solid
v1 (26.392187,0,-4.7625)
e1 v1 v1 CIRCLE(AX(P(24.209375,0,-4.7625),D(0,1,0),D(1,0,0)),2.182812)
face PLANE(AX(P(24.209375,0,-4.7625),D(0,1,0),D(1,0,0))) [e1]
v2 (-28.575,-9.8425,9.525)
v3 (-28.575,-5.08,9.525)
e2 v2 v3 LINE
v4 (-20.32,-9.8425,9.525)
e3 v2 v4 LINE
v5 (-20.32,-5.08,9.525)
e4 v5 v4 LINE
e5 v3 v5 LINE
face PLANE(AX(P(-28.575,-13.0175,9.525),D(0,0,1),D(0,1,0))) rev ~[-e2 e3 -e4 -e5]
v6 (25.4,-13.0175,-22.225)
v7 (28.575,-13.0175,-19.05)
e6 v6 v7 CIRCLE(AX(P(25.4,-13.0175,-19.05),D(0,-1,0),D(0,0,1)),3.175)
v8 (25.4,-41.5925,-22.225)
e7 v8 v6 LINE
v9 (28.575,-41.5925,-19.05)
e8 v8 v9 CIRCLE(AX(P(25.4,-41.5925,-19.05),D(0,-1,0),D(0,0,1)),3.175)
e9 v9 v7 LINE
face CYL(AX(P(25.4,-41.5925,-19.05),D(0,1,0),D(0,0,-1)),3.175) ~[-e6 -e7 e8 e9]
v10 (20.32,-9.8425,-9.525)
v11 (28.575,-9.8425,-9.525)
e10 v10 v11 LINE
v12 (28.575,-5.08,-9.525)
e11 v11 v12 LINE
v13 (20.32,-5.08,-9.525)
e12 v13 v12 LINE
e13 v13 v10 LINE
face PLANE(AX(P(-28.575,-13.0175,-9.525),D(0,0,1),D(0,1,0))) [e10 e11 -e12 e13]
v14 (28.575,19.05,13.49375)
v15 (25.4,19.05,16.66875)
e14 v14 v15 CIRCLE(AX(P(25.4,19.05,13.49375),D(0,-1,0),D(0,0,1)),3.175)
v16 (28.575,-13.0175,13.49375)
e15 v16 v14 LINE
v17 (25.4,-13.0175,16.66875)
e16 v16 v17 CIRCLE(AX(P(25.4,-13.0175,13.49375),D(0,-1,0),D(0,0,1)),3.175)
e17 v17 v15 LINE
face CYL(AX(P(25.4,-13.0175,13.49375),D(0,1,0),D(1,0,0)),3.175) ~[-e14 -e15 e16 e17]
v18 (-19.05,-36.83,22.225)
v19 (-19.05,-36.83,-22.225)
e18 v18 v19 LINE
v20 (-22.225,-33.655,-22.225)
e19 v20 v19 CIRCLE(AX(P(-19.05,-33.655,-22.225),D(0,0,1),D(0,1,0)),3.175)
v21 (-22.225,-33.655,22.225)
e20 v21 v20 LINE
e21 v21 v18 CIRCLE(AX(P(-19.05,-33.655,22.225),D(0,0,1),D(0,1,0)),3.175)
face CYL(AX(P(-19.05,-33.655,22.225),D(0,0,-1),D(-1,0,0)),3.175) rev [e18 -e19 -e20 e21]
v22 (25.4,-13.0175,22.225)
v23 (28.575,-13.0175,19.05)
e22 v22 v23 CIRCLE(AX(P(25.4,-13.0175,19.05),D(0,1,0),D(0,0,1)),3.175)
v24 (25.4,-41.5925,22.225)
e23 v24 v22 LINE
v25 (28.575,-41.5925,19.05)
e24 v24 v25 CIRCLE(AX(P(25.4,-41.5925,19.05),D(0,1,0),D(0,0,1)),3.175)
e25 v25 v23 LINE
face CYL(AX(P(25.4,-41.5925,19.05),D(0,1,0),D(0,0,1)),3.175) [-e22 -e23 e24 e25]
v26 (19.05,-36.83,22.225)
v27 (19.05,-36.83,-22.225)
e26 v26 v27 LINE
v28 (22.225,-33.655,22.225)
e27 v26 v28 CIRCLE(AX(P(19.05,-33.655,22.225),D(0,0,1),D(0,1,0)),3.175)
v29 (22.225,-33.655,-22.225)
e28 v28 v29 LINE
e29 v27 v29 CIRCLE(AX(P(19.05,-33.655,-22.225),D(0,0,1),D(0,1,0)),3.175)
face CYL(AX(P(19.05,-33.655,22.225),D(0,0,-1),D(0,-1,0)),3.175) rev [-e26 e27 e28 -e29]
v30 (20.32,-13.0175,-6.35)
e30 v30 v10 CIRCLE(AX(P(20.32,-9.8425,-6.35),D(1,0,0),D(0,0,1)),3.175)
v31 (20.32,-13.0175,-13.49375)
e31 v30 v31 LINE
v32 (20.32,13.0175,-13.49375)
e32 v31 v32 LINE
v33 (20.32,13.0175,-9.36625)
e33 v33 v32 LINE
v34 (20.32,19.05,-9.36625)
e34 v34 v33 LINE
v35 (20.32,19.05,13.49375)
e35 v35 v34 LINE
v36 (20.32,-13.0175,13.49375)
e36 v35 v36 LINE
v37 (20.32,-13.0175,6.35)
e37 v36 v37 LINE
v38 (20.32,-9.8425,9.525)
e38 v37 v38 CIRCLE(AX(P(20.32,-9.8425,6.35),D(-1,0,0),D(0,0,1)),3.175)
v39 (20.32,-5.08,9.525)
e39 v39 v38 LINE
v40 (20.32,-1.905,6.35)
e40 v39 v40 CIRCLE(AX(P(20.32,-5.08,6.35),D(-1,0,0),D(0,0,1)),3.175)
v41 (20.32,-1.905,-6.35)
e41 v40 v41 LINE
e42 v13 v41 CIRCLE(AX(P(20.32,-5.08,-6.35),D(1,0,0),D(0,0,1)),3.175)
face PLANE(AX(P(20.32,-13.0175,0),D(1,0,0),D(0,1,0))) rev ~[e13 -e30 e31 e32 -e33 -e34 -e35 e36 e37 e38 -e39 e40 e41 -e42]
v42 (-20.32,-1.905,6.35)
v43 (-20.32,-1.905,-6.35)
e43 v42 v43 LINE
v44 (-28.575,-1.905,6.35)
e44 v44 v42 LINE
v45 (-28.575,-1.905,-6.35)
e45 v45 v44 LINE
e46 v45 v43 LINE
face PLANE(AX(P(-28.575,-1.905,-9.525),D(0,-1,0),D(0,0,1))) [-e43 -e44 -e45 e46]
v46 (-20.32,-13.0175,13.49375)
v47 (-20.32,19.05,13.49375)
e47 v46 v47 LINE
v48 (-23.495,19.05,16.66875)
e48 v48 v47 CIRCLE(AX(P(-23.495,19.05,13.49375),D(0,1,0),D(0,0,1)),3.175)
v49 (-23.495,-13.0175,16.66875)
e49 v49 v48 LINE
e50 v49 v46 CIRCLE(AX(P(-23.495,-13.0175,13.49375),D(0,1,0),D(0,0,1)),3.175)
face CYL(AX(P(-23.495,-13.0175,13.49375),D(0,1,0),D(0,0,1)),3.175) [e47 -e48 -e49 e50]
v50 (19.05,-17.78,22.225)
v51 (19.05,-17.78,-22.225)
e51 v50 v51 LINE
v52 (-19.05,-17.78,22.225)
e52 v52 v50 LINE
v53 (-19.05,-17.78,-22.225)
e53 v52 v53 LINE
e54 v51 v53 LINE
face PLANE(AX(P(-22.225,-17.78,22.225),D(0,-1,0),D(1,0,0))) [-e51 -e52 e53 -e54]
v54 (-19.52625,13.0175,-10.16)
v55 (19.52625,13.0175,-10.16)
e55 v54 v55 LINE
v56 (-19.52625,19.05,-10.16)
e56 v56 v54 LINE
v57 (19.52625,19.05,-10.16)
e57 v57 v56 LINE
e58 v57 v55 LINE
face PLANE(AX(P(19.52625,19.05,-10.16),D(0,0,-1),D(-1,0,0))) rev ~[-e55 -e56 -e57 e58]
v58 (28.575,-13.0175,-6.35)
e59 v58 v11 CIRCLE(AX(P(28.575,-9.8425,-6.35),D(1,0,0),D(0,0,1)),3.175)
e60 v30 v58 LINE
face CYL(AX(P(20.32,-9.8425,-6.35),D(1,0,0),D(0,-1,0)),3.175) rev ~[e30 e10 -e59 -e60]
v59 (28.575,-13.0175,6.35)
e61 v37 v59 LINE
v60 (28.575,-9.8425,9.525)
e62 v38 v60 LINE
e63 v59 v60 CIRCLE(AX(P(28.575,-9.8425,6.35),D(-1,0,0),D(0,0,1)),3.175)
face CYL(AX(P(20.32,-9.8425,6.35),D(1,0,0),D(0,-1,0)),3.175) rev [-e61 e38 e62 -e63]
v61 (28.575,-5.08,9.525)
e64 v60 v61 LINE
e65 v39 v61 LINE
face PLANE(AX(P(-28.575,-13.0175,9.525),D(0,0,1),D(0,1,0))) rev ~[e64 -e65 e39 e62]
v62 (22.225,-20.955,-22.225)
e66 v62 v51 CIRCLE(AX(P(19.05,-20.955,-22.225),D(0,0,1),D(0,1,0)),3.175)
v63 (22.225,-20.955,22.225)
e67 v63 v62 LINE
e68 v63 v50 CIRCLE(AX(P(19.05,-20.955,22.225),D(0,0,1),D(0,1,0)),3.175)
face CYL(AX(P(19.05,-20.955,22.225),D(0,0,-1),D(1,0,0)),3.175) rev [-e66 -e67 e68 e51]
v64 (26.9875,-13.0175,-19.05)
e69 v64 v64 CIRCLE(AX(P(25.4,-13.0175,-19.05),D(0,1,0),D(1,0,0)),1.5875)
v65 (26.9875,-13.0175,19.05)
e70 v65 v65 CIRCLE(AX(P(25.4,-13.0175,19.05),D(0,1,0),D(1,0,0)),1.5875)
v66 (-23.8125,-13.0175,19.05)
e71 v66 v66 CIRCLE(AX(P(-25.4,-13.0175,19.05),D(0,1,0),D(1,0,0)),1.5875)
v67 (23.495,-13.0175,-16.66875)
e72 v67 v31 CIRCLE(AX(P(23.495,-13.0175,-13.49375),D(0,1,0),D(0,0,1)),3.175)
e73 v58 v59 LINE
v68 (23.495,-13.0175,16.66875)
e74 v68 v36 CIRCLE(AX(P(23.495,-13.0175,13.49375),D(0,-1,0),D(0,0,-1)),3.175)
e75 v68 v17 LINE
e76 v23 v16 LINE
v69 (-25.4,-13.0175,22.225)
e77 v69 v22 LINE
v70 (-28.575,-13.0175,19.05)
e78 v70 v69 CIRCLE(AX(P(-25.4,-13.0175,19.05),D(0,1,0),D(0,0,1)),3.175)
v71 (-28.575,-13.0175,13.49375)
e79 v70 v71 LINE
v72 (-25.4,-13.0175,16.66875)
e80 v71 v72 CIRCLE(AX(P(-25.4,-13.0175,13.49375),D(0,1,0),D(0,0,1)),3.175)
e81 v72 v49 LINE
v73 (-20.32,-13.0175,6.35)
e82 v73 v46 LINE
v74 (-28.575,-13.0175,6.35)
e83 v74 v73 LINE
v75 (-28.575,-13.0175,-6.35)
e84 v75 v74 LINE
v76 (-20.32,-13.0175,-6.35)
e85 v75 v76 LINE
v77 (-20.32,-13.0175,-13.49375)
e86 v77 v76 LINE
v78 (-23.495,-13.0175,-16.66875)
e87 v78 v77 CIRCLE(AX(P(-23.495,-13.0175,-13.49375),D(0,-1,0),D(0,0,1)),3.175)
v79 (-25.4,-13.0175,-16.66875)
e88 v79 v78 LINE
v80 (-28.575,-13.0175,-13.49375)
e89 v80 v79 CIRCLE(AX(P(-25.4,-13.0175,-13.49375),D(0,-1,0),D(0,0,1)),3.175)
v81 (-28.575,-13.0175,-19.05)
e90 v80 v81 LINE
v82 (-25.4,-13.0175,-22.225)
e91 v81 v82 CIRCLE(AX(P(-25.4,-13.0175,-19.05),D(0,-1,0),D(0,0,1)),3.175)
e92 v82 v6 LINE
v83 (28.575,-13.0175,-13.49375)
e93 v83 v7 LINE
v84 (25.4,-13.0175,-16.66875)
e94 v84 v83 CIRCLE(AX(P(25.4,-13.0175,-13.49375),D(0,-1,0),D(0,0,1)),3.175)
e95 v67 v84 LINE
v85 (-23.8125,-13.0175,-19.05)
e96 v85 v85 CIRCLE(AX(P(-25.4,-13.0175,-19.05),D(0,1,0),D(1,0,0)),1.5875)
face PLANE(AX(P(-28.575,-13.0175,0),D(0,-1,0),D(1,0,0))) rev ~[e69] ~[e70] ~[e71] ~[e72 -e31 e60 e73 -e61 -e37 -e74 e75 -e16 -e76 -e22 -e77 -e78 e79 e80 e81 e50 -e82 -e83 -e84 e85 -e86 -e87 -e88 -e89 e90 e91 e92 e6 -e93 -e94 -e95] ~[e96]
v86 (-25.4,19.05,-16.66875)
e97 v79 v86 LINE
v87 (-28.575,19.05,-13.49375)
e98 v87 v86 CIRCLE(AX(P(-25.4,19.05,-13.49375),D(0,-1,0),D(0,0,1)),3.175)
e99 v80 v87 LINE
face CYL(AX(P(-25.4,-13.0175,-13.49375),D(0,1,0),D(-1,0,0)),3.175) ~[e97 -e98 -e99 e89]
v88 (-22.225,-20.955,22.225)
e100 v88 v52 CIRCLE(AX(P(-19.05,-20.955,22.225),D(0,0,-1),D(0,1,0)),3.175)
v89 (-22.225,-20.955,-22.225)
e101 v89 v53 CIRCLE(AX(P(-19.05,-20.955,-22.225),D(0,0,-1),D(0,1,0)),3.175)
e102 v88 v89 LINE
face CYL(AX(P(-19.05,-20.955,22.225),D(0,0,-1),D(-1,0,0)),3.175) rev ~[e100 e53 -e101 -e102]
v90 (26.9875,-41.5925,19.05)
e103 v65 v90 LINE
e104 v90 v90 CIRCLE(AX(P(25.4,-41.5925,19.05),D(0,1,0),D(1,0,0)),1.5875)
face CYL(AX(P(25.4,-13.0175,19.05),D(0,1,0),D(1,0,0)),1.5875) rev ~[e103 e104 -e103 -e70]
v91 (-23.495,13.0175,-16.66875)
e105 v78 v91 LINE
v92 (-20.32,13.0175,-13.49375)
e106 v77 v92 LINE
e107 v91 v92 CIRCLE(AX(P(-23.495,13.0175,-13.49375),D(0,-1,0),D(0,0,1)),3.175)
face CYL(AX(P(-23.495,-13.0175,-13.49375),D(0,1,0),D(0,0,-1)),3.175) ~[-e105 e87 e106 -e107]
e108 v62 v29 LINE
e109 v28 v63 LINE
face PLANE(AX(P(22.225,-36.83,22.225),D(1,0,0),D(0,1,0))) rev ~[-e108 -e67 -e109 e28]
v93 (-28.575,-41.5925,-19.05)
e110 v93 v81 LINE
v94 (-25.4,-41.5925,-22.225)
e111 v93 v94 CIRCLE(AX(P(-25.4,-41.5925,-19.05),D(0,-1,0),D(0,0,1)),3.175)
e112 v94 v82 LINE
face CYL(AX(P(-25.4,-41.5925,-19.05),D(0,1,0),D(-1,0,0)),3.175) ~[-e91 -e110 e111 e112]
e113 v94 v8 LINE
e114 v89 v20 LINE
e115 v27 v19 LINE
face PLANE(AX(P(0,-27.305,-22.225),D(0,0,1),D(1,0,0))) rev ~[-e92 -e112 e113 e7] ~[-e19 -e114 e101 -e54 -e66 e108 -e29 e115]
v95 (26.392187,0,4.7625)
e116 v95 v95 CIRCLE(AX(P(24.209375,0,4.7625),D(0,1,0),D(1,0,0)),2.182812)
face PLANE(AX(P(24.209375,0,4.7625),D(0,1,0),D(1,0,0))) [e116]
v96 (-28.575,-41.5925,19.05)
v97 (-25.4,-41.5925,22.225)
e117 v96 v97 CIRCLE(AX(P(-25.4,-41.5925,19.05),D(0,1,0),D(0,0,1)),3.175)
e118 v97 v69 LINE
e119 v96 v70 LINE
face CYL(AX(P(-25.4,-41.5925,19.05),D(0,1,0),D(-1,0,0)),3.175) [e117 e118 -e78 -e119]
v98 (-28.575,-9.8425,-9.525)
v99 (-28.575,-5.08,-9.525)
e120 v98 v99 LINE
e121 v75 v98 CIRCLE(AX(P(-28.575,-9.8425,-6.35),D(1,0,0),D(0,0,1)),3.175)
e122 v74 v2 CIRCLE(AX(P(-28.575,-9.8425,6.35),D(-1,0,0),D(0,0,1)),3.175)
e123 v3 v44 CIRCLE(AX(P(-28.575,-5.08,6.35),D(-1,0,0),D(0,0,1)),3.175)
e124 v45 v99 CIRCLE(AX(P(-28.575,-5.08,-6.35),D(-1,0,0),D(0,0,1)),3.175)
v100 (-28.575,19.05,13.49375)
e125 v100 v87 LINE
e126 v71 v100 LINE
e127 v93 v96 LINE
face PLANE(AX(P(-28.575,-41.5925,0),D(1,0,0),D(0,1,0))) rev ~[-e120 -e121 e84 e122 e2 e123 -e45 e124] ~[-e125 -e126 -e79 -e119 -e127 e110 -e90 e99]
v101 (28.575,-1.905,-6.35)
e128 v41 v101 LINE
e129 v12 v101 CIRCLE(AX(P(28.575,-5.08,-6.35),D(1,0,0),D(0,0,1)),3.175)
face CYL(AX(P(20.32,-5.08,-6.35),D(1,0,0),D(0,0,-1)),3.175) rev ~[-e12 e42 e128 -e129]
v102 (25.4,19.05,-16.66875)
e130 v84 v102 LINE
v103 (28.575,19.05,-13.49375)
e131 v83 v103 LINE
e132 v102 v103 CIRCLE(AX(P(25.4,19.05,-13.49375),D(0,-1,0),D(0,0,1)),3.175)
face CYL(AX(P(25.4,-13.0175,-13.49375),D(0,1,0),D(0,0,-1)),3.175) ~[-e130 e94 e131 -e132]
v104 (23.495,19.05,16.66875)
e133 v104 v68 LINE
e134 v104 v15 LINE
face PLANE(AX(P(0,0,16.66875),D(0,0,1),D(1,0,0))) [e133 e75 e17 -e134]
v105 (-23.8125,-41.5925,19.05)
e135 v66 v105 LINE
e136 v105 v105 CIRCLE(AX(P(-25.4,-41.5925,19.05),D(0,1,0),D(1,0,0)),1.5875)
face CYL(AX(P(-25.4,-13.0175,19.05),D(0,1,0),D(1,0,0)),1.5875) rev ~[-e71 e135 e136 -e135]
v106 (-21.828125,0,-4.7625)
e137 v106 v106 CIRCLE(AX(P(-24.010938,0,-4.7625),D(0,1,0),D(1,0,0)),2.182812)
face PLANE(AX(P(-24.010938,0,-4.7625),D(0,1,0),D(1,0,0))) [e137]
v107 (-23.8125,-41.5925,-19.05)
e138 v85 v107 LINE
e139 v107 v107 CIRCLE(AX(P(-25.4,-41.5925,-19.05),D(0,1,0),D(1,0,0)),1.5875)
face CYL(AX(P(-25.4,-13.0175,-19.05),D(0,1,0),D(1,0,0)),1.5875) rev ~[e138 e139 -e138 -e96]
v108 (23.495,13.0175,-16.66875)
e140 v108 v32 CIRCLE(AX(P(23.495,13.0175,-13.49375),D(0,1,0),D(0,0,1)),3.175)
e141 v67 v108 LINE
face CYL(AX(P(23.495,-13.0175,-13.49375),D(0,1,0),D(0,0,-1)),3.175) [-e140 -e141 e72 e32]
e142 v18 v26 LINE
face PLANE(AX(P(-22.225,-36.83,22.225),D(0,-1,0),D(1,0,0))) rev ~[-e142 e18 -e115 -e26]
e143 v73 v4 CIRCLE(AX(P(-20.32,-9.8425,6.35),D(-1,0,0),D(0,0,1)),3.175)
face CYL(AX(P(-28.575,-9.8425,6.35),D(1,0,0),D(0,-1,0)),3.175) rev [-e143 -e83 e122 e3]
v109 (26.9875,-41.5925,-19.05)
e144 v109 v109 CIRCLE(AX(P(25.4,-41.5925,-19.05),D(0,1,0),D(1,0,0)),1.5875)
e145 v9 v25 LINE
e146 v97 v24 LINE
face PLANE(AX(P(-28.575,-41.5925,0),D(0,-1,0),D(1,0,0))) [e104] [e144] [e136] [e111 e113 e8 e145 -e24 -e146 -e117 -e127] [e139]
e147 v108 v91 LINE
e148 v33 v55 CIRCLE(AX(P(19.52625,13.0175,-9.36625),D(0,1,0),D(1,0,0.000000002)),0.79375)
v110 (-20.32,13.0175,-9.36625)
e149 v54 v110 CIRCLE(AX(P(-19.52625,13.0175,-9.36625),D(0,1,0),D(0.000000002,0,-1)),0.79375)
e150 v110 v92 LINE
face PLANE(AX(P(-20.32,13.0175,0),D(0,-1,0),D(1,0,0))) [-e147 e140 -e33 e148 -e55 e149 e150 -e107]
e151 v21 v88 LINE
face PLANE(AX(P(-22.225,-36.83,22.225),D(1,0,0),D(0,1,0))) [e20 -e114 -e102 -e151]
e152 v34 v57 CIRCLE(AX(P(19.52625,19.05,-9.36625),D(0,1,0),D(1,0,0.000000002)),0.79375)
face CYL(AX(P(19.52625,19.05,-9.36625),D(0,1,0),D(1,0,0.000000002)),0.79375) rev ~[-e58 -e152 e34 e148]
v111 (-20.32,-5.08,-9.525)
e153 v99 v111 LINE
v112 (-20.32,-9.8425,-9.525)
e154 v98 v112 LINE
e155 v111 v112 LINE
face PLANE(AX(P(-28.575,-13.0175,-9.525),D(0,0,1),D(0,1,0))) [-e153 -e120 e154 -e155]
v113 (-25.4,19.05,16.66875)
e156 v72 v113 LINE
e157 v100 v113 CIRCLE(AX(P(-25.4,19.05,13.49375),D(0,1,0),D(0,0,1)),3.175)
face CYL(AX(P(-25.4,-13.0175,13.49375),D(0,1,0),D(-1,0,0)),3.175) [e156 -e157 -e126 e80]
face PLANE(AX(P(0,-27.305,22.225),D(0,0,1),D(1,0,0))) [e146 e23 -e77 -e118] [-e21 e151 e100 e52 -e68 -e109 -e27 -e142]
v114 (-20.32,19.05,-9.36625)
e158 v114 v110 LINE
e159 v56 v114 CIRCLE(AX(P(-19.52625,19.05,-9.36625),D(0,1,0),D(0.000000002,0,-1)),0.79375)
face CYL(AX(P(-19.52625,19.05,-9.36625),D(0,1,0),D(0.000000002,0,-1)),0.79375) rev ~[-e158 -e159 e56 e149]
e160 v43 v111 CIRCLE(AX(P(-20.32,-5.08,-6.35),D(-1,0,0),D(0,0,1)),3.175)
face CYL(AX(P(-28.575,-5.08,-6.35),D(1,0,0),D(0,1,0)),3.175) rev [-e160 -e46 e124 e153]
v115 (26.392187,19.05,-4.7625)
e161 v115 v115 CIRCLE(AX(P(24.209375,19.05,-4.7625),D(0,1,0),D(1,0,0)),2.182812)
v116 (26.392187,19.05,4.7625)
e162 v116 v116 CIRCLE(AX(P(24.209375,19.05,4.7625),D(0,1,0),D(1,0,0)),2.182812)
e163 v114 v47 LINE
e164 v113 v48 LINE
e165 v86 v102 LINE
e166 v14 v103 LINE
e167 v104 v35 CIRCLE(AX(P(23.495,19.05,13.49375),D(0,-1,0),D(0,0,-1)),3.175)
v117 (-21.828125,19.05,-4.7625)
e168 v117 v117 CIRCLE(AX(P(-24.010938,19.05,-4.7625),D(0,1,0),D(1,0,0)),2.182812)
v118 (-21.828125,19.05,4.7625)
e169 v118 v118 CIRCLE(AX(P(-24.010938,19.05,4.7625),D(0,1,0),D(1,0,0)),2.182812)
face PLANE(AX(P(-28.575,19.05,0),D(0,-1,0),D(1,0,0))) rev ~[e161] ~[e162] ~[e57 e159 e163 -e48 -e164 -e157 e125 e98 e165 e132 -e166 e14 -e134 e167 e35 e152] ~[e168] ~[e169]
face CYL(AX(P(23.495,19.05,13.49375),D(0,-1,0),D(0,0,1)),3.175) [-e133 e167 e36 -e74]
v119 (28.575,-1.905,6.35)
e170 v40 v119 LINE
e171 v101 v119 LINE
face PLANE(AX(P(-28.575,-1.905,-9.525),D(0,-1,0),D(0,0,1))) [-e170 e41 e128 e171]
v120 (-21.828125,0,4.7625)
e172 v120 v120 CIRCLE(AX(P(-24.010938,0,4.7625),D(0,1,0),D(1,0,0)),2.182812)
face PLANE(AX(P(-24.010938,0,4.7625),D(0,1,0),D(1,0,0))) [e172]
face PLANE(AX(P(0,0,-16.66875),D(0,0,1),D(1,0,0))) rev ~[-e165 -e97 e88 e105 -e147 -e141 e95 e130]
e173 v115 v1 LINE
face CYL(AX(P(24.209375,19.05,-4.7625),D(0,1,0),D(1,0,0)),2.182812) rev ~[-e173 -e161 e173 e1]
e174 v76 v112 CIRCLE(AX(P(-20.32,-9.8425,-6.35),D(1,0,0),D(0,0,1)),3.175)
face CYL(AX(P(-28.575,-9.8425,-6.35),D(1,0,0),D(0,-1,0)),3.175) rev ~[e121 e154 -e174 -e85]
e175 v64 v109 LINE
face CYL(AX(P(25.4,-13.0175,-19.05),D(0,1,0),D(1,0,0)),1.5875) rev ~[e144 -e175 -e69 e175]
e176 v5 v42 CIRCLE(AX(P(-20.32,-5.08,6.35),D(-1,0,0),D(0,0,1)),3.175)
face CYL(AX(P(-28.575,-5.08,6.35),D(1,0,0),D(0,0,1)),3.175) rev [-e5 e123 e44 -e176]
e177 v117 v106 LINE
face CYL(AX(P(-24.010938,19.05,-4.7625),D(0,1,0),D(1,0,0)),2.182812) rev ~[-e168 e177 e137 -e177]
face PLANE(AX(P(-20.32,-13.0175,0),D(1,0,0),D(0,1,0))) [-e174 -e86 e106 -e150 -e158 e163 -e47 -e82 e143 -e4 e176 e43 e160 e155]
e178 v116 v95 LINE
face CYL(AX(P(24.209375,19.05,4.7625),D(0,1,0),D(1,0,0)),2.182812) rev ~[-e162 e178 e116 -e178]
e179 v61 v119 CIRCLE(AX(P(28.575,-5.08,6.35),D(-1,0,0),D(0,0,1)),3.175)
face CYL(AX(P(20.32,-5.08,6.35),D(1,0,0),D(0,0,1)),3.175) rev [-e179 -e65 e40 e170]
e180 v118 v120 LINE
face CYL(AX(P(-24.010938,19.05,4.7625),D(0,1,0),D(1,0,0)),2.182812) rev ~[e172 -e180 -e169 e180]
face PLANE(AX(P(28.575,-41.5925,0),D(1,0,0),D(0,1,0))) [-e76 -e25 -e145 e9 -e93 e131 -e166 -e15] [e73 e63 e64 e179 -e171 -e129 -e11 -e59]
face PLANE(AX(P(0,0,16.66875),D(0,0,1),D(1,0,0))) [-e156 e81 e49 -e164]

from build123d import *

# Parameters (mm, degrees)
SKETCH1_W           = 57.15
SKETCH1_H           = 38.1
SKETCH1_W_2         = 40.64
SKETCH1_H_2         = 26.035
BOSS_EXTRUDE1_DEPTH = 16.66875
CUT_EXTRUDE1_DEPTH  = 30.95625
SKETCH5_W           = 19.05
SKETCH5_H           = 11.1125
CUT_EXTRUDE2_DEPTH  = 57.15
SKETCH6_R           = 2.1828125
CUT_EXTRUDE3_DEPTH  = 19.05
SKETCH9_W           = 57.15
SKETCH9_H           = 28.575
BOSS_EXTRUDE2_DEPTH = 22.225
SKETCH10_R          = 1.5875
CUT_EXTRUDE4_DEPTH  = 28.575
CUT_EXTRUDE6_REACH  = 46.45
SKETCH12_W          = 44.45
SKETCH12_H          = 19.05
FILLET1_R           = 3.175


with BuildPart() as part:
    # Sketch1 → Boss-Extrude1 (new body, symmetric)
    with BuildSketch(Plane.XY):
        Rectangle(SKETCH1_W, SKETCH1_H)
        Rectangle(SKETCH1_W_2, SKETCH1_H_2, mode=Mode.SUBTRACT)
    extrude(amount=BOSS_EXTRUDE1_DEPTH, both=True)

    # Sketch3 → Cut-Extrude1 (cut)
    with BuildSketch(Plane(origin=(0, 19.05, 0), x_dir=(1, 0, 0), z_dir=(0, 1, 0))):
        with BuildLine():
            Line((20.32, -10.16), (20.32, 9.36625))
            ThreePointArc((20.32, 9.36625), (20.087516008, 9.927516008), (19.52625, 10.16))
            Line((19.52625, 10.16), (-19.52625, 10.16))
            ThreePointArc((-19.52625, 10.16), (-20.087516008, 9.927516008), (-20.32, 9.36625))
            Line((-20.32, 9.36625), (-20.32, -10.16))
            Line((-20.32, -10.16), (-20.32, -16.66875))
            Line((-20.32, -16.66875), (20.32, -16.66875))
            Line((20.32, -16.66875), (20.32, -10.16))
        make_face()
    extrude(amount=-CUT_EXTRUDE1_DEPTH, mode=Mode.SUBTRACT)

    # Sketch5 → Cut-Extrude2 (cut)
    with BuildSketch(Plane.ZY.offset(28.575)):
        with Locations((0, -7.46125)):
            Rectangle(SKETCH5_W, SKETCH5_H)
    extrude(amount=-CUT_EXTRUDE2_DEPTH, mode=Mode.SUBTRACT)

    # Sketch6 → Cut-Extrude3 (cut)
    with BuildSketch(Plane(origin=(0, 19.05, 0), x_dir=(1, 0, 0), z_dir=(0, 1, 0))):
        with Locations((-24.0109375, -4.7625)):
            Circle(SKETCH6_R)
        with Locations((-24.0109375, 4.7625)):
            Circle(SKETCH6_R)
        with Locations((24.209375, -4.7625)):
            Circle(SKETCH6_R)
        with Locations((24.209375, 4.7625)):
            Circle(SKETCH6_R)
    extrude(amount=-CUT_EXTRUDE3_DEPTH, mode=Mode.SUBTRACT)

    # Sketch9 → Boss-Extrude2 (add, symmetric)
    with BuildSketch(Plane.XY):
        with Locations((0, -27.305)):
            Rectangle(SKETCH9_W, SKETCH9_H)
    extrude(amount=BOSS_EXTRUDE2_DEPTH, both=True)

    # Sketch10 → Cut-Extrude4 (cut)
    with BuildSketch(Plane(origin=(0, -13.0175, 0), x_dir=(1, 0, 0), z_dir=(0, 1, 0))):
        with Locations((-25.4, 19.05)):
            Circle(SKETCH10_R)
        with Locations((25.4, 19.05)):
            Circle(SKETCH10_R)
        with Locations((-25.4, -19.05)):
            Circle(SKETCH10_R)
        with Locations((25.4, -19.05)):
            Circle(SKETCH10_R)
    extrude(amount=-CUT_EXTRUDE4_DEPTH, mode=Mode.SUBTRACT)

    # Sketch12 → Cut-Extrude6 (cut, up to next)
    with BuildSketch(Plane.XY.offset(22.225), mode=Mode.PRIVATE) as cut_extrude6_sk1:
        with Locations((0, -27.305)):
            Rectangle(SKETCH12_W, SKETCH12_H)
    cut_extrude6_tool1 = extrude(cut_extrude6_sk1.sketch, amount=-CUT_EXTRUDE6_REACH, mode=Mode.PRIVATE) & part.part
    add(cut_extrude6_tool1.solids().sort_by_distance((0, -27.305, 22.225))[0], mode=Mode.SUBTRACT)

    # Fillet1
    fillet1_edges = [part.edges().sort_by_distance(p)[0] for p in [
        (28.575, 3.01625, -16.66875),
        (28.575, 3.01625, 16.66875),
        (-28.575, -27.305, -22.225),
        (28.575, -27.305, -22.225),
        (-28.575, -27.305, 22.225),
        (28.575, -27.305, 22.225),
        (20.32, 0, -16.66875),
        (-22.225, -36.83, 0),
        (-22.225, -17.78, 0),
        (22.225, -17.78, 0),
        (22.225, -36.83, 0),
        (-20.32, 0, -16.66875),
        (20.32, 3.01625, 16.66875),
        (-20.32, 3.01625, 16.66875),
        (-28.575, 3.01625, 16.66875),
        (-28.575, 3.01625, -16.66875),
        (24.4475, -13.0175, 9.525),
        (24.4475, -1.905, -9.525),
        (24.4475, -1.905, 9.525),
        (24.4475, -13.0175, -9.525),
        (-24.4475, -1.905, 9.525),
        (-24.4475, -13.0175, 9.525),
        (-24.4475, -13.0175, -9.525),
        (-24.4475, -1.905, -9.525),
    ]]
    fillet(fillet1_edges, radius=FILLET1_R)


solid = part.part
